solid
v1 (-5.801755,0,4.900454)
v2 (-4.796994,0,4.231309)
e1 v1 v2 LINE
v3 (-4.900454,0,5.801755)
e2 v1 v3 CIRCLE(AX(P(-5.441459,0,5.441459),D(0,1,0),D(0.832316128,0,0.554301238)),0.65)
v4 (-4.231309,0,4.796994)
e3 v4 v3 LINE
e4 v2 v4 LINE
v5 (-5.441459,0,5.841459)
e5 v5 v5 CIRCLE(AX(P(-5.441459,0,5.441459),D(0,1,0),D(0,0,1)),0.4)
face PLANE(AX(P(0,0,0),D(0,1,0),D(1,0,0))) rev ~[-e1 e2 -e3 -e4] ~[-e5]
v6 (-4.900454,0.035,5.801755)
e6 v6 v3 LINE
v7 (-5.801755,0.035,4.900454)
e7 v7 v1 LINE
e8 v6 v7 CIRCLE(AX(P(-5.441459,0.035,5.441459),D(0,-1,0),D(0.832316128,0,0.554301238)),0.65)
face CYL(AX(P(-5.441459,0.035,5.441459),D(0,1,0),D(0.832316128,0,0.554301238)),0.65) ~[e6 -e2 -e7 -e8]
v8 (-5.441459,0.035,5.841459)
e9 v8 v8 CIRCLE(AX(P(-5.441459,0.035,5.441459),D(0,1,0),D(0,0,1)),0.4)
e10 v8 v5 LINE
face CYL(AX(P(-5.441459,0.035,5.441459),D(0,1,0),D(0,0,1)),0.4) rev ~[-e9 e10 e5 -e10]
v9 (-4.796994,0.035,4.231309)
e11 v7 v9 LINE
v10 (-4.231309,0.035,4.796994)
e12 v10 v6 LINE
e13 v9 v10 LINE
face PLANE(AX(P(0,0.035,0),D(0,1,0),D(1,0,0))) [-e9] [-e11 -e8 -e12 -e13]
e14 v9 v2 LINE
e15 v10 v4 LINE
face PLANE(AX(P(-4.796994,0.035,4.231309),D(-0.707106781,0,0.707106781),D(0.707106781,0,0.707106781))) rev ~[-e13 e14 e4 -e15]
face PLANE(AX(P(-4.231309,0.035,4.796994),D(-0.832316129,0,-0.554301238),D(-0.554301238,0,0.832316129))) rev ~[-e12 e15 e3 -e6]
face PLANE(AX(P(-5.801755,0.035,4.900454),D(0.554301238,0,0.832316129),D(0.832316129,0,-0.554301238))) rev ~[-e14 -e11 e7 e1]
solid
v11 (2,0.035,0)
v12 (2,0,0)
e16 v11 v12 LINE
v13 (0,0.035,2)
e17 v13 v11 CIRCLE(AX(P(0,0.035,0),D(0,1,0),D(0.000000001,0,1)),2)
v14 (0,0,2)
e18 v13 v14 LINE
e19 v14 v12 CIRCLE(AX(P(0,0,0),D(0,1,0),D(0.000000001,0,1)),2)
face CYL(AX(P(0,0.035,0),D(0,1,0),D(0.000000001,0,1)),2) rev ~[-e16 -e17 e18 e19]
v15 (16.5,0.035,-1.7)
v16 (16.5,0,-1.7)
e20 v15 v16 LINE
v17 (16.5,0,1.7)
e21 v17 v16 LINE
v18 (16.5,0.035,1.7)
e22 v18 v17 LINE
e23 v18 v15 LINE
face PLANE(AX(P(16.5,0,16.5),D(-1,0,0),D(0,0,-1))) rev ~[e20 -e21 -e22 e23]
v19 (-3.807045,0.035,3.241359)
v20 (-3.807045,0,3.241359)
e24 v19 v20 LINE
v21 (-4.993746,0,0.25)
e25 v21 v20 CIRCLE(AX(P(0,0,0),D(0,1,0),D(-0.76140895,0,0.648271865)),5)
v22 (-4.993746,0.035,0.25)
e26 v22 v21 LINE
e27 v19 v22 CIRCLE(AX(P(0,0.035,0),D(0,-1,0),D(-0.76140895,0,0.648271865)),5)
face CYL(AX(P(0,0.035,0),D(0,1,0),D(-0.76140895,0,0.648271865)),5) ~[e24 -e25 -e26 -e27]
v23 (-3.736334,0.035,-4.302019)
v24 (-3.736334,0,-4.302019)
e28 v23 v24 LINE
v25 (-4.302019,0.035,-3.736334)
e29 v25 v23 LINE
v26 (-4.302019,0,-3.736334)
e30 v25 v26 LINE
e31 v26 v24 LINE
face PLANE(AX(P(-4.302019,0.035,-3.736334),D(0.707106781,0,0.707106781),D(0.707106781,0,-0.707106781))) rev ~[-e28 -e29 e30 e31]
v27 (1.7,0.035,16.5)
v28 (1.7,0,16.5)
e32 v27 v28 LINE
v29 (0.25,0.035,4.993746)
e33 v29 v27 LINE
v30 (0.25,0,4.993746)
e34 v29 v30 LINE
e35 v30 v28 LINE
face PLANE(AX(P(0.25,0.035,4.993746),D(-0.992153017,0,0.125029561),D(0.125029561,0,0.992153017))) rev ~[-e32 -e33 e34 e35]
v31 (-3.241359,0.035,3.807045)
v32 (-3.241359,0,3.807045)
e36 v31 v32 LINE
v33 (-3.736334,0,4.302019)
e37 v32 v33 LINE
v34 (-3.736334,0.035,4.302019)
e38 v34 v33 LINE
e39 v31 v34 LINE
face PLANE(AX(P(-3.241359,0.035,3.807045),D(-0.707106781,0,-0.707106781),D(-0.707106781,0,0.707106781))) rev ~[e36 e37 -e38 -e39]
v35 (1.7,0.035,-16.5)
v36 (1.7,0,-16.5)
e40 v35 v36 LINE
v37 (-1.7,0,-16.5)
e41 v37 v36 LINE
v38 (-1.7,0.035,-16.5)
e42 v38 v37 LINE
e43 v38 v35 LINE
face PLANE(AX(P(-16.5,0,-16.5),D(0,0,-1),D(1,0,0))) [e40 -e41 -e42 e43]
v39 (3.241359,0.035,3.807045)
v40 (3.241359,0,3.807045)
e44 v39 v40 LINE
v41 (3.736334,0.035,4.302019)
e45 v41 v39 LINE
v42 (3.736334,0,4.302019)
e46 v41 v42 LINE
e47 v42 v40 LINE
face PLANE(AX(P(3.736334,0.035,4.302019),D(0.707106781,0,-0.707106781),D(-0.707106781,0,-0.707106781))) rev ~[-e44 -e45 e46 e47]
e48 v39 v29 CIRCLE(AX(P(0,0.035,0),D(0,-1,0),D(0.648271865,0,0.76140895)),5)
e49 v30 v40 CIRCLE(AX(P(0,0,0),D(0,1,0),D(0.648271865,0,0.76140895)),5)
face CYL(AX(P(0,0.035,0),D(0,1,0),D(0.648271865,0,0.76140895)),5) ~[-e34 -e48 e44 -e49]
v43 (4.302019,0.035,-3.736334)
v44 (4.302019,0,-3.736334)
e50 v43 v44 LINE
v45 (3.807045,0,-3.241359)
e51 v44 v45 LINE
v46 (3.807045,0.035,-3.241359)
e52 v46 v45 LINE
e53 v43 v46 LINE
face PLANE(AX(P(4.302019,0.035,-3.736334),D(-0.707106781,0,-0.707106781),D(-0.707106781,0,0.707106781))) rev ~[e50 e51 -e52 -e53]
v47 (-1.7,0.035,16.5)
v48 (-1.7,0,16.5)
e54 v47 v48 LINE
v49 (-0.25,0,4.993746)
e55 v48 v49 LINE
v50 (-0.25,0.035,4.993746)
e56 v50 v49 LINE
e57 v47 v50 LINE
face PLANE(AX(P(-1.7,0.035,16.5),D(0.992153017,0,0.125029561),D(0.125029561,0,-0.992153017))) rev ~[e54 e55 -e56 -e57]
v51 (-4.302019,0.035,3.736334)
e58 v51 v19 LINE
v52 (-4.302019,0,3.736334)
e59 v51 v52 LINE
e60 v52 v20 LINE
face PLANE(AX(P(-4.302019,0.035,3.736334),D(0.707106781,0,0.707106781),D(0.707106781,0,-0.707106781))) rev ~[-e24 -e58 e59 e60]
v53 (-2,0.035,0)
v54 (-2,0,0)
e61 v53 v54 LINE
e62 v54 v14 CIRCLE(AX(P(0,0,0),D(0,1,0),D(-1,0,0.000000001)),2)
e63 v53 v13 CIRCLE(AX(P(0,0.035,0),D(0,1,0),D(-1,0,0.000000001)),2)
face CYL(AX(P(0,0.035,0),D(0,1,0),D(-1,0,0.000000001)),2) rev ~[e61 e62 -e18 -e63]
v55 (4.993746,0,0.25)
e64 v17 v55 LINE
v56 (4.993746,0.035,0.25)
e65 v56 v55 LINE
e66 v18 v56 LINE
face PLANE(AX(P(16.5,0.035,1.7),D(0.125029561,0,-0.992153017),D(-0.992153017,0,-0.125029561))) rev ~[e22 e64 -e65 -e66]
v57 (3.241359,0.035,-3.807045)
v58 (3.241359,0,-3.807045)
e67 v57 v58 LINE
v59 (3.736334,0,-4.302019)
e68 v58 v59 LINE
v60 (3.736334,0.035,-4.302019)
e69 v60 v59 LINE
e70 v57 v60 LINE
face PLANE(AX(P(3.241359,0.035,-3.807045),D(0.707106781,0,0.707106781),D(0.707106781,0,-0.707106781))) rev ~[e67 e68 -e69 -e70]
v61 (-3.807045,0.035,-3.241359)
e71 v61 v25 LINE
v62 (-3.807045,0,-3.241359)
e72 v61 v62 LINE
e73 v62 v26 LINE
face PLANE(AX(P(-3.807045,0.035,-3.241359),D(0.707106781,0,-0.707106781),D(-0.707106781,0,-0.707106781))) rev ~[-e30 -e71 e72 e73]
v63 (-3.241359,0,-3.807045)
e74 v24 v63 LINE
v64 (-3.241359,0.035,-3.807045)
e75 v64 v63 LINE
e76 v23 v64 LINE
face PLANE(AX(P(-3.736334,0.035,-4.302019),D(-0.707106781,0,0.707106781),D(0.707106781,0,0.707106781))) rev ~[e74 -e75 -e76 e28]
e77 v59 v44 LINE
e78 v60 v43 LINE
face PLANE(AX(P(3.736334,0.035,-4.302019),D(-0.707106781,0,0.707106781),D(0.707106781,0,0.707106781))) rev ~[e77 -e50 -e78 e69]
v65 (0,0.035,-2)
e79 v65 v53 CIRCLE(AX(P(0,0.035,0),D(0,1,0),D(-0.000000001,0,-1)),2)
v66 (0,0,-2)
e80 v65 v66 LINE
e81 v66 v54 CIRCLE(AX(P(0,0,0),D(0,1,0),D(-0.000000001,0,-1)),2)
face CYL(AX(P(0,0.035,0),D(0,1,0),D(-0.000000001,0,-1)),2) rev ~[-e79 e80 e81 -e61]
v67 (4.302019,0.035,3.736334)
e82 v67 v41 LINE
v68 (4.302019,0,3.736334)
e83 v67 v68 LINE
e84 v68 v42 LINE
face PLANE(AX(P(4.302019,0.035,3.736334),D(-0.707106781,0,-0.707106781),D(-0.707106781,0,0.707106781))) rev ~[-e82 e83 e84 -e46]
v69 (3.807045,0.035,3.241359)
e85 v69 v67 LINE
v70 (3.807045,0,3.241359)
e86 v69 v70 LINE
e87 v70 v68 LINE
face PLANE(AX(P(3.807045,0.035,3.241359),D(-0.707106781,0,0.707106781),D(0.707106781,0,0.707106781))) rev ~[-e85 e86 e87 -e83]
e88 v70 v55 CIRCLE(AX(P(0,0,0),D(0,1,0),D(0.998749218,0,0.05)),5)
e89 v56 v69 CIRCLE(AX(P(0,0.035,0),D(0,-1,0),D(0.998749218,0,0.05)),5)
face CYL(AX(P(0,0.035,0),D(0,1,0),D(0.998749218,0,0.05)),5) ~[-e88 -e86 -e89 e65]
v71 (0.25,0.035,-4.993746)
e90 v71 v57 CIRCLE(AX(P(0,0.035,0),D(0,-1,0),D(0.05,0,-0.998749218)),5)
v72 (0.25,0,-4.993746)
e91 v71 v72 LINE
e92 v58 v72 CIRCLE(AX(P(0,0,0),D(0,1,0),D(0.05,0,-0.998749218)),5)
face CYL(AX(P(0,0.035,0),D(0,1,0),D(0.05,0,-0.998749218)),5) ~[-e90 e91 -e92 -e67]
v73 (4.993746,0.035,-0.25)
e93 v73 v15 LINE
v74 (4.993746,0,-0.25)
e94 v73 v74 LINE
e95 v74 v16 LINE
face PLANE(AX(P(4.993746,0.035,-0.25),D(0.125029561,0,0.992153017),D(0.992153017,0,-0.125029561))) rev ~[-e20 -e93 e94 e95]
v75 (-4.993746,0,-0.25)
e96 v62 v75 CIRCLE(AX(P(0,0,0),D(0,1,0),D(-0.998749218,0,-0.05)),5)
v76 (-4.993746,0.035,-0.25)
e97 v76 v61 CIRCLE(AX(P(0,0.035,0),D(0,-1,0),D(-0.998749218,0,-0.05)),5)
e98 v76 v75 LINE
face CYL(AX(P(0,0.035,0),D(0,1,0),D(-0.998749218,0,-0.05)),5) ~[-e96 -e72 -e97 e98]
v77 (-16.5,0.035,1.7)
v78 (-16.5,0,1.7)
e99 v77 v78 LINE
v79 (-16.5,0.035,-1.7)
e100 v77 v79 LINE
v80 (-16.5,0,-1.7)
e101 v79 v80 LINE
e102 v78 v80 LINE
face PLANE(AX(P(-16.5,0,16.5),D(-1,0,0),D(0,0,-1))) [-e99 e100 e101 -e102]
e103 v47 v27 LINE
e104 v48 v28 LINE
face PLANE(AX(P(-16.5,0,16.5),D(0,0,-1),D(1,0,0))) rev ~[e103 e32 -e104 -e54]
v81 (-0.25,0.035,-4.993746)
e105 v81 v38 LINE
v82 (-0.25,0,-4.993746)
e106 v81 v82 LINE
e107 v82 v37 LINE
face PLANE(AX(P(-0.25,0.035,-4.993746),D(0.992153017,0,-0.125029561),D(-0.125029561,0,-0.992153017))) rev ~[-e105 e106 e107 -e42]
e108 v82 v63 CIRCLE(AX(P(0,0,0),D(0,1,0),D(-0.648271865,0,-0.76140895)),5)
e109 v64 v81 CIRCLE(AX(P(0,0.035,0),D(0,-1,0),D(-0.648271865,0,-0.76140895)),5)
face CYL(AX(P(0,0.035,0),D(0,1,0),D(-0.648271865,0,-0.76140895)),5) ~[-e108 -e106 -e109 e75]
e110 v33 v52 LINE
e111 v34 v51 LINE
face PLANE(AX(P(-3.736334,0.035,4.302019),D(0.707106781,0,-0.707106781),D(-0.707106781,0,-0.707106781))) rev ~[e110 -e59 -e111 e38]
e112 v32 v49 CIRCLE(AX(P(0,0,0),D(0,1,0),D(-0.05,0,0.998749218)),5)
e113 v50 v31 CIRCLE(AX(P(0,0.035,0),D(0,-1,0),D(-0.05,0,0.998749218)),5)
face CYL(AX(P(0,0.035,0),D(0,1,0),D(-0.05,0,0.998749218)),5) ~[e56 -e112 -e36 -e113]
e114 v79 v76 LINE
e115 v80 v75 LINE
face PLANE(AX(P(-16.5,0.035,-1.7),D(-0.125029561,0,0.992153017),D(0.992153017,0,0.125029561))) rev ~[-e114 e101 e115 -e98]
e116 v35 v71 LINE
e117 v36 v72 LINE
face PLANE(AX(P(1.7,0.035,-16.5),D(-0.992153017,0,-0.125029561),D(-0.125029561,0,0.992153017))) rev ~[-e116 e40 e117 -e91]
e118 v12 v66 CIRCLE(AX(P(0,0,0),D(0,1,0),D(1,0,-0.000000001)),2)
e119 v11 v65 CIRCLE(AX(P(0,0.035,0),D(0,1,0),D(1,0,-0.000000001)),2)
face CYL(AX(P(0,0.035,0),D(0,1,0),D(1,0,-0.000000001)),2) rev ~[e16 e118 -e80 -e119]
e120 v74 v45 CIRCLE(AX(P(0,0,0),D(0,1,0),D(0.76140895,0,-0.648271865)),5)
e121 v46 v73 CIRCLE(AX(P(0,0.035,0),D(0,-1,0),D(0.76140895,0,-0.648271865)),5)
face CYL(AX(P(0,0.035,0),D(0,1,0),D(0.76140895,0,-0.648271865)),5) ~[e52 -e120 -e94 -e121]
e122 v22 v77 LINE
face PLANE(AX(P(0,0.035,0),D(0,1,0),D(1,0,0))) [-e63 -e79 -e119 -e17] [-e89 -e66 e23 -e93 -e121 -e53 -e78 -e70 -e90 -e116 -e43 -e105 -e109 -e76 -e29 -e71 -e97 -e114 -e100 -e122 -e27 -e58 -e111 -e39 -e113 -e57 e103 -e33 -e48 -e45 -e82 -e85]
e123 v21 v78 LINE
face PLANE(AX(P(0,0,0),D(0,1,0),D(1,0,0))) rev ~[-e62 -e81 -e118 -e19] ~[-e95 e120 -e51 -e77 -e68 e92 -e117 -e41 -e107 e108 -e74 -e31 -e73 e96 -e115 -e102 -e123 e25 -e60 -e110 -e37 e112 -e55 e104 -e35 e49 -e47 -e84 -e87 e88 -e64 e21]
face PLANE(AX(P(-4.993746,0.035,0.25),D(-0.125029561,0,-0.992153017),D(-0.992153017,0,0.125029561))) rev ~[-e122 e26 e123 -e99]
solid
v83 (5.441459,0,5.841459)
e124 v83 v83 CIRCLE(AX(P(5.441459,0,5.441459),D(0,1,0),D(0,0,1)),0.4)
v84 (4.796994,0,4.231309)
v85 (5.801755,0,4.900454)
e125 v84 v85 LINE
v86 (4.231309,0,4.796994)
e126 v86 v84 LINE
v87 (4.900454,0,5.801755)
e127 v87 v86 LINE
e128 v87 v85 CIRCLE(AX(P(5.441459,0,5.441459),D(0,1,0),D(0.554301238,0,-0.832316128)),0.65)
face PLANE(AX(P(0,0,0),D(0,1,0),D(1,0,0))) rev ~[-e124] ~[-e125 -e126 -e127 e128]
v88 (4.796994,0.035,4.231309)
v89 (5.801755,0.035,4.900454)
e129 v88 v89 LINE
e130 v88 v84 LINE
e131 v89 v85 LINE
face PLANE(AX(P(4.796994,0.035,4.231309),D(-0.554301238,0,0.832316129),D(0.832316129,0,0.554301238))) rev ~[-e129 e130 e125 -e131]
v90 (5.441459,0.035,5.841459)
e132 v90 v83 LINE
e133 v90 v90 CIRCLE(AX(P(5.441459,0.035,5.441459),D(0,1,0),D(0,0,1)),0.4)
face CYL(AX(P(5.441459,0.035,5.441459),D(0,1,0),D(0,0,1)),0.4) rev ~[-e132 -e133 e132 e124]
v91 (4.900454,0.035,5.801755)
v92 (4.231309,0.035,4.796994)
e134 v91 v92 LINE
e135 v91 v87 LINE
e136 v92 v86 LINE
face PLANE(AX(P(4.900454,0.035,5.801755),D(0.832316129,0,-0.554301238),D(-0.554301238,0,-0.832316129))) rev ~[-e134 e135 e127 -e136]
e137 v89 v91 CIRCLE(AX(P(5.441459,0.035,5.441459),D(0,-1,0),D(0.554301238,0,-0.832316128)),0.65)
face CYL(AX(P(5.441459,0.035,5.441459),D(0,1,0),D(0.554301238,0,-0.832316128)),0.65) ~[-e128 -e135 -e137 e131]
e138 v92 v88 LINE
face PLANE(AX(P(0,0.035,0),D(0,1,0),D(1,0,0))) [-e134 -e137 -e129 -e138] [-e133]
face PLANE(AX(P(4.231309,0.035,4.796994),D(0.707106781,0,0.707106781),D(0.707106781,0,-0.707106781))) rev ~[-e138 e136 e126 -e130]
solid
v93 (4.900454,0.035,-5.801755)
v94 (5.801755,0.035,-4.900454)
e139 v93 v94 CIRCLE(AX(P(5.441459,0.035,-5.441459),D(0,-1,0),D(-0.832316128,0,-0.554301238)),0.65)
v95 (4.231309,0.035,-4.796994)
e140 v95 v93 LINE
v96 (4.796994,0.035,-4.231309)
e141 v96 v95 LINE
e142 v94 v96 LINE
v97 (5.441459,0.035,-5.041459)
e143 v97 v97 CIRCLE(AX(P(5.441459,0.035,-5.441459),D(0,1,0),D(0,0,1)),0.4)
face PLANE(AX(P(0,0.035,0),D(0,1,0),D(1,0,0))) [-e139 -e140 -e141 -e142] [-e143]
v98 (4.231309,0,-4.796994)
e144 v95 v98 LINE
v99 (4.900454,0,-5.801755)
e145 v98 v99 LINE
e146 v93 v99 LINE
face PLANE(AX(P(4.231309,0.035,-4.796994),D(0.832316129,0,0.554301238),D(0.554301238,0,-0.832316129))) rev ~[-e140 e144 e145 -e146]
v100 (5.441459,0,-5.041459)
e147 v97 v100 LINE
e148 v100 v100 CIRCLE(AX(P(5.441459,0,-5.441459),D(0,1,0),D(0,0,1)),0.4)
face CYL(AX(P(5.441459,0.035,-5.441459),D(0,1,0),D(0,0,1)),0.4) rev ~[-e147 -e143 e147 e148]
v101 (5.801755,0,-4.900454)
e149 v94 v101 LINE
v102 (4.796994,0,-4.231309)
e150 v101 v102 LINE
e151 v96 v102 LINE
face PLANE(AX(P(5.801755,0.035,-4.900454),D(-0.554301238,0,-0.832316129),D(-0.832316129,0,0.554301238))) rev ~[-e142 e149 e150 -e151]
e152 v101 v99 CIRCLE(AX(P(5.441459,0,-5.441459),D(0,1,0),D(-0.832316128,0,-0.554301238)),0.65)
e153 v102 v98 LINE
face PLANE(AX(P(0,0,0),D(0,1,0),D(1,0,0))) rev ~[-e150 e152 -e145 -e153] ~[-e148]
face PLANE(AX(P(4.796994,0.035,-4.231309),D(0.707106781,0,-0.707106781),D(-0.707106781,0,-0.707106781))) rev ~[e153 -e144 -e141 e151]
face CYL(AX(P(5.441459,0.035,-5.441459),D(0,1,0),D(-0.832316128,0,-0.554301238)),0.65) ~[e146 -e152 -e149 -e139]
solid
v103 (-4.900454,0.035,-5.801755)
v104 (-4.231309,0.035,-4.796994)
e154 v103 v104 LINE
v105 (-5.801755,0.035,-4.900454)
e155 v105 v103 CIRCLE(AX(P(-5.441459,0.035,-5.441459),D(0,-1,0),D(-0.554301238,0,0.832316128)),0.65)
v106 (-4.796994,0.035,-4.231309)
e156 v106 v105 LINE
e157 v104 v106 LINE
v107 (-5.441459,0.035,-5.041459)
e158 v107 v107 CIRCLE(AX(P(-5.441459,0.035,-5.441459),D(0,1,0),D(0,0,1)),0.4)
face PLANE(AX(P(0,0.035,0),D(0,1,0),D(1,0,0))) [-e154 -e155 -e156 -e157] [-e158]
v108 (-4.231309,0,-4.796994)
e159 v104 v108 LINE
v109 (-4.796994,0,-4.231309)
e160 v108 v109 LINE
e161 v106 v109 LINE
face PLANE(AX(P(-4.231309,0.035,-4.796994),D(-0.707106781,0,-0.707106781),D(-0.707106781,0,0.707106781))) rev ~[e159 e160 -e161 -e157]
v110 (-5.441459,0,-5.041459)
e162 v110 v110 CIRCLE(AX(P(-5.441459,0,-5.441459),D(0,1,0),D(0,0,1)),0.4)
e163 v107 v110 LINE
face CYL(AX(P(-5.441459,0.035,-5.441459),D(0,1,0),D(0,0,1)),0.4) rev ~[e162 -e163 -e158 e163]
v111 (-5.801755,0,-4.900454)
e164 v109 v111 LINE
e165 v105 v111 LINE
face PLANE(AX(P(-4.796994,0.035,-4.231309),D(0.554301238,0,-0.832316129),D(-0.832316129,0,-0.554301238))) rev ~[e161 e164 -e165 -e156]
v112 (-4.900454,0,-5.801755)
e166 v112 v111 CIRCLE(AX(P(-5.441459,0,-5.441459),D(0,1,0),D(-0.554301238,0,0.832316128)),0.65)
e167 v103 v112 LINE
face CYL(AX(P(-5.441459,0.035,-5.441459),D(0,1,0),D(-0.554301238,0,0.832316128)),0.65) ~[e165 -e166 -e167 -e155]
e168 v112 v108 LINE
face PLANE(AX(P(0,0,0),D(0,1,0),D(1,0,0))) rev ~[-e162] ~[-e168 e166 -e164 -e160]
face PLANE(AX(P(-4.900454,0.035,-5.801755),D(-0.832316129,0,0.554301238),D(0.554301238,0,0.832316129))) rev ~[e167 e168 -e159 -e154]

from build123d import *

# Parameters (mm, degrees)
SKETCH1_W           = 33
SKETCH1_H           = 33
BOSS_EXTRUDE1_DEPTH = 0.035
SKETCH3_R           = 0.4
CUT_EXTRUDE2_DEPTH  = 24.334550028


with BuildPart() as part:
    # Sketch1 → Boss-Extrude1 (new body)
    with BuildSketch(Plane(origin=(0, 0, 0), x_dir=(1, 0, 0), z_dir=(0, 1, 0))):
        Rectangle(SKETCH1_W, SKETCH1_H)
    extrude(amount=BOSS_EXTRUDE1_DEPTH)

    # Sketch3 → Cut-Extrude2 (cut, through all)
    # profile 1 of 9: a face of its own
    with BuildSketch(Plane(origin=(0, 0.035, 0), x_dir=(1, 0, 0), z_dir=(0, 1, 0))):
        with BuildLine():
            Line((-4.993746089, -0.25), (-16.5, -1.7))
            Line((-16.5, -1.7), (-16.5, -16.5))
            Line((-16.5, -16.5), (-1.7, -16.5))
            Line((-1.7, -16.5), (-0.25, -4.993746089))
            ThreePointArc((-0.25, -4.993746089), (-1.843763136, -4.647637841), (-3.241359325, -3.80704475))
            Line((-3.241359325, -3.80704475), (-3.736334072, -4.302019497))
            Line((-3.736334072, -4.302019497), (-4.302019497, -3.736334072))
            Line((-4.302019497, -3.736334072), (-3.80704475, -3.241359325))
            ThreePointArc((-3.80704475, -3.241359325), (-4.647637841, -1.843763136), (-4.993746089, -0.25))
        make_face()
        with BuildLine():
            ThreePointArc((-4.900453872, -5.80175516), (-5.901078763, -5.901078763), (-5.80175516, -4.900453872))
            Line((-5.80175516, -4.900453872), (-4.796994243, -4.231308819))
            Line((-4.796994243, -4.231308819), (-4.231308819, -4.796994243))
            Line((-4.231308819, -4.796994243), (-4.900453872, -5.80175516))
        make_face(mode=Mode.SUBTRACT)
    # profile 2 of 9: a face of its own
    with BuildSketch(Plane(origin=(0, 0.035, 0), x_dir=(1, 0, 0), z_dir=(0, 1, 0))):
        with BuildLine():
            ThreePointArc((0, 2), (-1.414213562, 1.414213562), (-2, 0))
            ThreePointArc((-2, 0), (-1.414213562, -1.414213562), (0, -2))
            ThreePointArc((0, -2), (1.414213562, -1.414213562), (2, 0))
            ThreePointArc((2, 0), (1.414213562, 1.414213562), (0, 2))
        make_face()
    # profile 3 of 9: a face of its own
    with BuildSketch(Plane(origin=(0, 0.035, 0), x_dir=(1, 0, 0), z_dir=(0, 1, 0))):
        with BuildLine():
            Line((-16.5, 16.5), (-16.5, 1.7))
            Line((-16.5, 1.7), (-4.993746089, 0.25))
            ThreePointArc((-4.993746089, 0.25), (-4.647637841, 1.843763136), (-3.80704475, 3.241359325))
            Line((-3.80704475, 3.241359325), (-4.302019497, 3.736334072))
            Line((-4.302019497, 3.736334072), (-3.736334072, 4.302019497))
            Line((-3.736334072, 4.302019497), (-3.241359325, 3.80704475))
            ThreePointArc((-3.241359325, 3.80704475), (-1.843763136, 4.647637841), (-0.25, 4.993746089))
            Line((-0.25, 4.993746089), (-1.7, 16.5))
            Line((-1.7, 16.5), (-16.5, 16.5))
        make_face()
        with BuildLine():
            ThreePointArc((-5.80175516, 4.900453872), (-5.901078763, 5.901078763), (-4.900453872, 5.80175516))
            Line((-4.900453872, 5.80175516), (-4.231308819, 4.796994243))
            Line((-4.231308819, 4.796994243), (-4.796994243, 4.231308819))
            Line((-4.796994243, 4.231308819), (-5.80175516, 4.900453872))
        make_face(mode=Mode.SUBTRACT)
    # profile 4 of 9: a face of its own
    with BuildSketch(Plane(origin=(0, 0.035, 0), x_dir=(1, 0, 0), z_dir=(0, 1, 0))):
        with Locations(Location((-5.441459355, -5.441459355, 0), (0, 0, 270))):
            Circle(SKETCH3_R)
    # profile 5 of 9: a face of its own
    with BuildSketch(Plane(origin=(0, 0.035, 0), x_dir=(1, 0, 0), z_dir=(0, 1, 0))):
        with BuildLine():
            Line((0.25, -4.993746089), (1.7, -16.5))
            Line((1.7, -16.5), (16.5, -16.5))
            Line((16.5, -16.5), (16.5, -1.7))
            Line((16.5, -1.7), (4.993746089, -0.25))
            ThreePointArc((4.993746089, -0.25), (4.647637841, -1.843763136), (3.80704475, -3.241359325))
            Line((3.80704475, -3.241359325), (4.302019497, -3.736334072))
            Line((4.302019497, -3.736334072), (3.736334072, -4.302019497))
            Line((3.736334072, -4.302019497), (3.241359325, -3.80704475))
            ThreePointArc((3.241359325, -3.80704475), (1.843763136, -4.647637841), (0.25, -4.993746089))
        make_face()
        with BuildLine():
            ThreePointArc((5.80175516, -4.900453872), (5.901078763, -5.901078763), (4.900453872, -5.80175516))
            Line((4.900453872, -5.80175516), (4.231308819, -4.796994243))
            Line((4.231308819, -4.796994243), (4.796994243, -4.231308819))
            Line((4.796994243, -4.231308819), (5.80175516, -4.900453872))
        make_face(mode=Mode.SUBTRACT)
    # profile 6 of 9: a face of its own
    with BuildSketch(Plane(origin=(0, 0.035, 0), x_dir=(1, 0, 0), z_dir=(0, 1, 0))):
        with BuildLine():
            Line((16.5, 16.5), (1.7, 16.5))
            Line((1.7, 16.5), (0.25, 4.993746089))
            ThreePointArc((0.25, 4.993746089), (1.843763136, 4.647637841), (3.241359325, 3.80704475))
            Line((3.241359325, 3.80704475), (3.736334072, 4.302019497))
            Line((3.736334072, 4.302019497), (4.302019497, 3.736334072))
            Line((4.302019497, 3.736334072), (3.80704475, 3.241359325))
            ThreePointArc((3.80704475, 3.241359325), (4.647637841, 1.843763136), (4.993746089, 0.25))
            Line((4.993746089, 0.25), (16.5, 1.7))
            Line((16.5, 1.7), (16.5, 16.5))
        make_face()
        with BuildLine():
            ThreePointArc((4.900453872, 5.80175516), (5.901078763, 5.901078763), (5.80175516, 4.900453872))
            Line((5.80175516, 4.900453872), (4.796994243, 4.231308819))
            Line((4.796994243, 4.231308819), (4.231308819, 4.796994243))
            Line((4.231308819, 4.796994243), (4.900453872, 5.80175516))
        make_face(mode=Mode.SUBTRACT)
    # profile 7 of 9: a face of its own
    with BuildSketch(Plane(origin=(0, 0.035, 0), x_dir=(1, 0, 0), z_dir=(0, 1, 0))):
        with Locations(Location((5.441459355, 5.441459355, 0), (0, 0, 270))):
            Circle(SKETCH3_R)
    # profile 8 of 9: a face of its own
    with BuildSketch(Plane(origin=(0, 0.035, 0), x_dir=(1, 0, 0), z_dir=(0, 1, 0))):
        with Locations(Location((-5.441459355, 5.441459355, 0), (0, 0, 270))):
            Circle(SKETCH3_R)
    # profile 9 of 9: a face of its own
    with BuildSketch(Plane(origin=(0, 0.035, 0), x_dir=(1, 0, 0), z_dir=(0, 1, 0))):
        with Locations(Location((5.441459355, -5.441459355, 0), (0, 0, 270))):
            Circle(SKETCH3_R)
    extrude(amount=-CUT_EXTRUDE2_DEPTH, mode=Mode.SUBTRACT)


with BuildPart() as cut_extrude2_piece_1:
    # of the separate pieces the step leaves, piece 1, a body of its own (cut_extrude2_pieces)
    add(part.part.solids().sort_by_distance((-1.7, 0, 16.5))[0])


with BuildPart() as cut_extrude2_piece_2:
    # of the separate pieces the step leaves, piece 2, a body of its own (cut_extrude2_pieces)
    add(part.part.solids().sort_by_distance((5.80175516, 0, -4.900453872))[0])


with BuildPart() as cut_extrude2_piece_3:
    # of the separate pieces the step leaves, piece 3, a body of its own (cut_extrude2_pieces)
    add(part.part.solids().sort_by_distance((-5.80175516, 0, 4.900453872))[0])


with BuildPart() as cut_extrude2_piece_4:
    # of the separate pieces the step leaves, piece 4, a body of its own (cut_extrude2_pieces)
    add(part.part.solids().sort_by_distance((-4.900453872, 0, -5.80175516))[0])


with BuildPart() as cut_extrude2_piece_5:
    # of the separate pieces the step leaves, piece 5, a body of its own (cut_extrude2_pieces)
    add(part.part.solids().sort_by_distance((4.900453872, 0, 5.80175516))[0])


solid = Compound([cut_extrude2_piece_1.part, cut_extrude2_piece_2.part, cut_extrude2_piece_3.part, cut_extrude2_piece_4.part, cut_extrude2_piece_5.part])
